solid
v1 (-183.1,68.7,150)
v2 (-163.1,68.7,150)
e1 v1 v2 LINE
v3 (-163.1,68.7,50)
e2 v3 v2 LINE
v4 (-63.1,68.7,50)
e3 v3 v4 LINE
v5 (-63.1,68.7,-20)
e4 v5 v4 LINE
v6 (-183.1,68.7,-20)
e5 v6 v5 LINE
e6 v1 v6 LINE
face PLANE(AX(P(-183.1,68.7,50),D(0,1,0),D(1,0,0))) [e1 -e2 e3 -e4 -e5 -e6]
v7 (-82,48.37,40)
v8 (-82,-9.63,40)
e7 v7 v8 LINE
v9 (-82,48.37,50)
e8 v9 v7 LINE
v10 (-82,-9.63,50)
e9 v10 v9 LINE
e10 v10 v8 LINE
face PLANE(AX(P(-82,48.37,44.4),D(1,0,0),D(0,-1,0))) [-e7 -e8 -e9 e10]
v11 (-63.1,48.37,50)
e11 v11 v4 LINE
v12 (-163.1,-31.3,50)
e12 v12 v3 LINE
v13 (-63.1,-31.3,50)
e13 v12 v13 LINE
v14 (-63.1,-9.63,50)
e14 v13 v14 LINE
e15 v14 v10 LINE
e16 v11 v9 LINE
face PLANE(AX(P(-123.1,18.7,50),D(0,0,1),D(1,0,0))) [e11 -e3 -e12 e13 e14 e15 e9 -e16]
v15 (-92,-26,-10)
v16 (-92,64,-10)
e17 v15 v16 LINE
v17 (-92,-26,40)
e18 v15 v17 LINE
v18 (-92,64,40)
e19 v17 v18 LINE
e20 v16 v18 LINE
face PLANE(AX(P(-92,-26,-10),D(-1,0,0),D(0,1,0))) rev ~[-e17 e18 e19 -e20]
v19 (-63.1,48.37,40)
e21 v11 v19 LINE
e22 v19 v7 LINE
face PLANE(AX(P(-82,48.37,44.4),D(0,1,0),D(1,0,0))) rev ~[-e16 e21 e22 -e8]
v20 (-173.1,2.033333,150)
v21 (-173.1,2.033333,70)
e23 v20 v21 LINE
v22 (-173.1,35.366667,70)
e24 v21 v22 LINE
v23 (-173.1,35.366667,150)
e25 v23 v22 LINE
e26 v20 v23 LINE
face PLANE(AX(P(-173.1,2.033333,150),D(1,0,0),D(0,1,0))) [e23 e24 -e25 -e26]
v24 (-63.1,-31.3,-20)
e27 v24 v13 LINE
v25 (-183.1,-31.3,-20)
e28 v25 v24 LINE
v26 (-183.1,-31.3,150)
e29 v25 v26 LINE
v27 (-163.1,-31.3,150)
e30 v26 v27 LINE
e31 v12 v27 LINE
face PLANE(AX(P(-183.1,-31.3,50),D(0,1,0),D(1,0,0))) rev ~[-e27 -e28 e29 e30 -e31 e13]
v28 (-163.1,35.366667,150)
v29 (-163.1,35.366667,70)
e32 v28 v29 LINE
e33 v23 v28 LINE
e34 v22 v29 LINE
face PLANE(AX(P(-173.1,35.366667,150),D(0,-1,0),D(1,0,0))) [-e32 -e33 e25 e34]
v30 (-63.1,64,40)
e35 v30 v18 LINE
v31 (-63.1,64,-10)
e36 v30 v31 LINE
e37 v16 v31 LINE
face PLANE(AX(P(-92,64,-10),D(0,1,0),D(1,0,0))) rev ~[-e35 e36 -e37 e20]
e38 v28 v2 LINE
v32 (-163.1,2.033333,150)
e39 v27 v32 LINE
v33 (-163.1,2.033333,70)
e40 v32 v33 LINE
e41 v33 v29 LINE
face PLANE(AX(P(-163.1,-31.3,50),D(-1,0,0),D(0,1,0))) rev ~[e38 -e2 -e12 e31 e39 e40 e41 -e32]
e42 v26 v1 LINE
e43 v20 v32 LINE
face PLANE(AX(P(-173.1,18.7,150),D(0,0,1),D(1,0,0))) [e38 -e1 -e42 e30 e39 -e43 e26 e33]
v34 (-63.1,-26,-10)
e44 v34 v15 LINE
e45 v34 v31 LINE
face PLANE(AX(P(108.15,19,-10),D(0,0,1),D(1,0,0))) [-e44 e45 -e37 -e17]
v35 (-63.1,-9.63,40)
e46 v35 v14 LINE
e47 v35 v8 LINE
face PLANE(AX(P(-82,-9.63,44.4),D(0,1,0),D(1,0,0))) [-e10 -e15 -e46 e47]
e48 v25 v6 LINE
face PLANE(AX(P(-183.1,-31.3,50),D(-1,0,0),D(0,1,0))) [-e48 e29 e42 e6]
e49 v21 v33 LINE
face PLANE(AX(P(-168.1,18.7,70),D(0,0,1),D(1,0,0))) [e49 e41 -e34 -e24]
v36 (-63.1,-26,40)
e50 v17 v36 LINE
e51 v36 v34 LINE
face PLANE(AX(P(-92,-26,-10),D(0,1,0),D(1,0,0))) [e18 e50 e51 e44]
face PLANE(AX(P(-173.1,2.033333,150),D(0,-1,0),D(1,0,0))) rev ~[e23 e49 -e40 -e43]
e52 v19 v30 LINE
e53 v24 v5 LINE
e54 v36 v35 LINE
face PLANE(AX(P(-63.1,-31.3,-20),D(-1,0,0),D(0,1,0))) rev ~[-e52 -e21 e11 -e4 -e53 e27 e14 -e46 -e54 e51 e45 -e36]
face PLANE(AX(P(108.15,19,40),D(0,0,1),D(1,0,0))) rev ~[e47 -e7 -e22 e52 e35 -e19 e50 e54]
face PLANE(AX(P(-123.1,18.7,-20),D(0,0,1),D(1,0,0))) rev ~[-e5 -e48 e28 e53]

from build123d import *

# Parameters (mm, degrees)
SKETCH021_W       = 18.9
SKETCH021_H       = 58
EXTRUDE021_DEPTH  = 10
SKETCH020_W       = 90
SKETCH020_H       = 50
EXTRUDE020_DEPTH  = 200
CYLINDER_R        = 2.5
CYLINDER_DEPTH    = 70
CYLINDER002_R     = 2.5
CYLINDER002_DEPTH = 70
BOX001_W          = 82
BOX001_H          = 58
BOX001_DEPTH      = 44.4
BOX011_W          = 5
BOX011_H          = 5
BOX011_DEPTH      = 44.4
SKETCH001_R       = 5
EXTRUDE001_DEPTH  = 4
EXTRUDE002_DEPTH  = 15
SKETCH010_R       = 12.3
EXTRUDE010_DEPTH  = 5
BOX_W             = 75.7
BOX_H             = 45
BOX_DEPTH         = 44.4
BOX008_W          = 68.15
BOX008_H          = 15
BOX008_DEPTH      = 50
BOX009_W          = 68.15
BOX009_H          = 15
BOX009_DEPTH      = 50
BOX012_W          = 30
BOX012_H          = 100
BOX012_DEPTH      = 70
EXTRUDE003_DEPTH  = 25
BOX010_W          = 40
BOX010_H          = 120
BOX010_DEPTH      = 60
TUBE_R            = 45
TUBE_R_2          = 19.07
TUBE_DEPTH        = 50
BOX002_W          = 175
BOX002_H          = 90
BOX002_DEPTH      = 50
SKETCH016_W       = 10
SKETCH016_H       = 33.333334
EXTRUDE016_DEPTH  = 80
SKETCH_W          = 20
SKETCH_H          = 100
EXTRUDE_DEPTH     = 100
BOX017_W          = 120
BOX017_H          = 100
BOX017_DEPTH      = 70


with BuildPart() as extrude021:
    # Sketch021 (on Face14 of Cut017) → Extrude021 (new body)
    with BuildSketch(Plane(origin=(0, 0, 44.4), x_dir=(1, 0, 0), z_dir=(0, 0, -1))):
        with Locations((-72.55, -19.37)):
            Rectangle(SKETCH021_W, SKETCH021_H)
    extrude(amount=-EXTRUDE021_DEPTH)


with BuildPart() as extrude020:
    # Sketch020 (on Face26 of Cut016) → Extrude020 (new body)
    with BuildSketch(Plane.YZ.offset(-92)):
        with Locations((19, 15)):
            Rectangle(SKETCH020_W, SKETCH020_H)
    extrude(amount=EXTRUDE020_DEPTH)


with BuildPart() as throughholecylinder2:
    # Cylinder → Cylinder (new body)
    with BuildSketch(Plane(origin=(-86, -18, -20), x_dir=(1, 0, 0), z_dir=(0, 0, 1))):
        Circle(CYLINDER_R)
    extrude(amount=CYLINDER_DEPTH)


with BuildPart() as throughholecylinder1:
    # Cylinder002 → Cylinder002 (new body)
    with BuildSketch(Plane(origin=(-86, 56, -20), x_dir=(1, 0, 0), z_dir=(0, 0, 1))):
        Circle(CYLINDER002_R)
    extrude(amount=CYLINDER002_DEPTH)


with BuildPart() as motorhead:
    # Box001 → Box001 (new body)
    with BuildSketch(Plane(origin=(-82, -9.63, 0), x_dir=(1, 0, 0), z_dir=(0, 0, 1))):
        with Locations((41, 29)):
            Rectangle(BOX001_W, BOX001_H)
    extrude(amount=BOX001_DEPTH)


with BuildPart() as nubchannel:
    # Box011 → Box011 (new body)
    with BuildSketch(Plane(origin=(75.7, 16.87, 0), x_dir=(1, 0, 0), z_dir=(0, 0, 1))):
        with Locations((2.5, 2.5)):
            Rectangle(BOX011_W, BOX011_H)
    extrude(amount=BOX011_DEPTH)


with BuildPart() as motorshaftfull:
    # Sketch001 (on Face3 of Extrude010) → Extrude001 (new body)
    with BuildSketch(Plane.XY.offset(49.4)):
        with Locations((-58.7, 20.37)):
            Circle(SKETCH001_R)
    extrude(amount=EXTRUDE001_DEPTH)


with BuildPart() as motorshaftd:
    # Sketch002 (on Face3 of Extrude001) → Extrude002 (new body)
    with BuildSketch(Plane.XY.offset(53.4)):
        with BuildLine():
            Line((-62.7, 23.37), (-62.7, 17.37))
            ThreePointArc((-62.7, 17.37), (-53.7, 20.37), (-62.7, 23.37))
        make_face()
    extrude(amount=EXTRUDE002_DEPTH)


with BuildPart() as motorshaftassembly:
    # Sketch010 (on Face6 of Box001) → Extrude010 (new body)
    with BuildSketch(Plane(origin=(-82, -9.63, 44.4), x_dir=(1, 0, 0), z_dir=(0, 0, 1))):
        with Locations((23.3, 30)):
            Circle(SKETCH010_R)
    extrude(amount=EXTRUDE010_DEPTH)

    # Fusion002: union MotorShaftFull, MotorShaftD
    add(motorshaftfull.part)
    add(motorshaftd.part)


with BuildPart() as motor:
    # Box → Box (new body)
    with BuildSketch(Plane(origin=(0, -3.13, 0), x_dir=(1, 0, 0), z_dir=(0, 0, 1))):
        with Locations((37.85, 22.5)):
            Rectangle(BOX_W, BOX_H)
    extrude(amount=BOX_DEPTH)

    # Fusion005: union MotorHead, NubChannel, MotorShaftAssembly
    add(motorhead.part)
    add(nubchannel.part)
    add(motorshaftassembly.part)


with BuildPart() as cube008:
    # Box008 → Box008 (new body)
    with BuildSketch(Plane(origin=(41, -26, -10), x_dir=(1, 0, 0), z_dir=(0, 0, 1))):
        with Locations((34.075, 7.5)):
            Rectangle(BOX008_W, BOX008_H)
    extrude(amount=BOX008_DEPTH)


with BuildPart() as cube009:
    # Box009 → Box009 (new body)
    with BuildSketch(Plane(origin=(41, 49, -10), x_dir=(1, 0, 0), z_dir=(0, 0, 1))):
        with Locations((34.075, 7.5)):
            Rectangle(BOX009_W, BOX009_H)
    extrude(amount=BOX009_DEPTH)


with BuildPart() as steeringshaftcutter:
    # Box012 → Box012 (new body)
    with BuildSketch(Plane(origin=(136, -31, -14), x_dir=(1, 0, 0), z_dir=(0, 0, 1))):
        with Locations((15, 50)):
            Rectangle(BOX012_W, BOX012_H)
    extrude(amount=BOX012_DEPTH)


with BuildPart() as fingers:
    # Sketch004 (on Face2 of Tube) → Extrude003 (new body)
    with BuildSketch(Plane(origin=(120.15, 19, 40), x_dir=(1, 0, 0), z_dir=(0, 0, 1))):
        with BuildLine():
            Line((16.519435, -9.5375), (20.849562, -12.0375))
            ThreePointArc((12.0375, -20.849562), (17.023596, -17.023596), (20.849562, -12.0375))
            Line((12.0375, -20.849562), (9.5375, -16.519435))
            ThreePointArc((9.5375, -16.519435), (13.488062, -13.488062), (16.519435, -9.5375))
        make_face()
        with BuildLine():
            Line((0, -24.075), (0, -19.07))
            ThreePointArc((-9.535, -16.515104), (-4.935679, -18.420206), (0, -19.07))
            Line((-9.535, -16.515104), (-12.0375, -20.849562))
            ThreePointArc((-12.0375, -20.849562), (-6.231069, -23.254664), (0, -24.075))
        make_face()
        with BuildLine():
            Line((-20.849562, -12.0375), (-16.515104, -9.535))
            ThreePointArc((-19.07, 0), (-18.420206, -4.935679), (-16.515104, -9.535))
            Line((-19.07, 0), (-24.075, 0))
            ThreePointArc((-24.075, 0), (-23.254664, -6.231069), (-20.849562, -12.0375))
        make_face()
        with BuildLine():
            Line((-16.519435, 9.5375), (-20.849562, 12.0375))
            ThreePointArc((-12.0375, 20.849562), (-17.023596, 17.023596), (-20.849562, 12.0375))
            Line((-12.0375, 20.849562), (-9.5375, 16.519435))
            ThreePointArc((-9.5375, 16.519435), (-13.488062, 13.488062), (-16.519435, 9.5375))
        make_face()
        with BuildLine():
            Line((0, 24.075), (0, 19.075))
            ThreePointArc((9.5375, 16.519435), (4.936973, 18.425035), (0, 19.075))
            Line((9.5375, 16.519435), (12.0375, 20.849562))
            ThreePointArc((12.0375, 20.849562), (6.231069, 23.254664), (0, 24.075))
        make_face()
        with BuildLine():
            Line((16.515104, 9.535), (20.849562, 12.0375))
            ThreePointArc((24.075, 0), (23.254664, 6.231069), (20.849562, 12.0375))
            Line((19.07, 0), (24.075, 0))
            ThreePointArc((19.07, 0), (18.420206, 4.935679), (16.515104, 9.535))
        make_face()
    extrude(amount=EXTRUDE003_DEPTH)


with BuildPart() as fingers_1:
    # Extrude003 placement: moved
    add(fingers.part.moved(Location((0, 0, -5))))


with BuildPart() as roundoff:
    # Box010 → Box010 (new body)
    with BuildSketch(Plane(origin=(55, -34, -17), x_dir=(1, 0, 0), z_dir=(0, 0, 1))):
        with Locations((20, 60)):
            Rectangle(BOX010_W, BOX010_H)
    extrude(amount=BOX010_DEPTH)


with BuildPart() as steeringshaftcutdown:
    # Tube → Tube (new body)
    with BuildSketch(Plane(origin=(120.15, 19, -10), x_dir=(1, 0, 0), z_dir=(0, 0, 1))):
        Circle(TUBE_R)
        Circle(TUBE_R_2, mode=Mode.SUBTRACT)
    extrude(amount=TUBE_DEPTH)

    # Cut005: cut RoundOff
    add(roundoff.part, mode=Mode.SUBTRACT)

    # Fusion004: union Fingers
    add(fingers_1.part)


with BuildPart() as steeringshaftcutdown_1:
    # Fusion004 placement: moved
    add(steeringshaftcutdown.part.moved(Location((-12, 0, 0))))

    # Cut006: cut SteeringShaftCutter
    add(steeringshaftcutter.part, mode=Mode.SUBTRACT)


with BuildPart() as motormount:
    # Box002 → Box002 (new body)
    with BuildSketch(Plane(origin=(-92, -26, -10), x_dir=(1, 0, 0), z_dir=(0, 0, 1))):
        with Locations((87.5, 45)):
            Rectangle(BOX002_W, BOX002_H)
    extrude(amount=BOX002_DEPTH)

    # Fusion: union Motor, Cube008, Cube009, SteeringShaftCutDown
    add(motor.part)
    add(cube008.part)
    add(cube009.part)
    add(steeringshaftcutdown_1.part)

    # Cut: cut ThroughHoleCylinder1
    add(throughholecylinder1.part, mode=Mode.SUBTRACT)

    # Cut013: cut ThroughHoleCylinder2
    add(throughholecylinder2.part, mode=Mode.SUBTRACT)


with BuildPart() as extrude016:
    # Sketch016 (on Face6 of Extrude) → Extrude016 (new body)
    with BuildSketch(Plane.XY.offset(150)):
        with Locations((-168.1, 18.7)):
            Rectangle(SKETCH016_W, SKETCH016_H)
    extrude(amount=-EXTRUDE016_DEPTH)


with BuildPart() as cut015:
    # Sketch (on Face6 of Box017) → Extrude (new body)
    with BuildSketch(Plane(origin=(-183.1, -31.3, 50), x_dir=(1, 0, 0), z_dir=(0, 0, 1))):
        with Locations((10, 50)):
            Rectangle(SKETCH_W, SKETCH_H)
    extrude(amount=EXTRUDE_DEPTH)

    # Cut015: cut Extrude016
    add(extrude016.part, mode=Mode.SUBTRACT)


with BuildPart() as cut018:
    # Box017 → Box017 (new body)
    with BuildSketch(Plane(origin=(-183.1, -31.3, -20), x_dir=(1, 0, 0), z_dir=(0, 0, 1))):
        with Locations((60, 50)):
            Rectangle(BOX017_W, BOX017_H)
    extrude(amount=BOX017_DEPTH)

    # Fusion013: union Cut015
    add(cut015.part)

    # Cut016: cut MotorMount
    add(motormount.part, mode=Mode.SUBTRACT)

    # Cut017: cut Extrude020
    add(extrude020.part, mode=Mode.SUBTRACT)

    # Cut018: cut Extrude021
    add(extrude021.part, mode=Mode.SUBTRACT)


solid = cut018.part
